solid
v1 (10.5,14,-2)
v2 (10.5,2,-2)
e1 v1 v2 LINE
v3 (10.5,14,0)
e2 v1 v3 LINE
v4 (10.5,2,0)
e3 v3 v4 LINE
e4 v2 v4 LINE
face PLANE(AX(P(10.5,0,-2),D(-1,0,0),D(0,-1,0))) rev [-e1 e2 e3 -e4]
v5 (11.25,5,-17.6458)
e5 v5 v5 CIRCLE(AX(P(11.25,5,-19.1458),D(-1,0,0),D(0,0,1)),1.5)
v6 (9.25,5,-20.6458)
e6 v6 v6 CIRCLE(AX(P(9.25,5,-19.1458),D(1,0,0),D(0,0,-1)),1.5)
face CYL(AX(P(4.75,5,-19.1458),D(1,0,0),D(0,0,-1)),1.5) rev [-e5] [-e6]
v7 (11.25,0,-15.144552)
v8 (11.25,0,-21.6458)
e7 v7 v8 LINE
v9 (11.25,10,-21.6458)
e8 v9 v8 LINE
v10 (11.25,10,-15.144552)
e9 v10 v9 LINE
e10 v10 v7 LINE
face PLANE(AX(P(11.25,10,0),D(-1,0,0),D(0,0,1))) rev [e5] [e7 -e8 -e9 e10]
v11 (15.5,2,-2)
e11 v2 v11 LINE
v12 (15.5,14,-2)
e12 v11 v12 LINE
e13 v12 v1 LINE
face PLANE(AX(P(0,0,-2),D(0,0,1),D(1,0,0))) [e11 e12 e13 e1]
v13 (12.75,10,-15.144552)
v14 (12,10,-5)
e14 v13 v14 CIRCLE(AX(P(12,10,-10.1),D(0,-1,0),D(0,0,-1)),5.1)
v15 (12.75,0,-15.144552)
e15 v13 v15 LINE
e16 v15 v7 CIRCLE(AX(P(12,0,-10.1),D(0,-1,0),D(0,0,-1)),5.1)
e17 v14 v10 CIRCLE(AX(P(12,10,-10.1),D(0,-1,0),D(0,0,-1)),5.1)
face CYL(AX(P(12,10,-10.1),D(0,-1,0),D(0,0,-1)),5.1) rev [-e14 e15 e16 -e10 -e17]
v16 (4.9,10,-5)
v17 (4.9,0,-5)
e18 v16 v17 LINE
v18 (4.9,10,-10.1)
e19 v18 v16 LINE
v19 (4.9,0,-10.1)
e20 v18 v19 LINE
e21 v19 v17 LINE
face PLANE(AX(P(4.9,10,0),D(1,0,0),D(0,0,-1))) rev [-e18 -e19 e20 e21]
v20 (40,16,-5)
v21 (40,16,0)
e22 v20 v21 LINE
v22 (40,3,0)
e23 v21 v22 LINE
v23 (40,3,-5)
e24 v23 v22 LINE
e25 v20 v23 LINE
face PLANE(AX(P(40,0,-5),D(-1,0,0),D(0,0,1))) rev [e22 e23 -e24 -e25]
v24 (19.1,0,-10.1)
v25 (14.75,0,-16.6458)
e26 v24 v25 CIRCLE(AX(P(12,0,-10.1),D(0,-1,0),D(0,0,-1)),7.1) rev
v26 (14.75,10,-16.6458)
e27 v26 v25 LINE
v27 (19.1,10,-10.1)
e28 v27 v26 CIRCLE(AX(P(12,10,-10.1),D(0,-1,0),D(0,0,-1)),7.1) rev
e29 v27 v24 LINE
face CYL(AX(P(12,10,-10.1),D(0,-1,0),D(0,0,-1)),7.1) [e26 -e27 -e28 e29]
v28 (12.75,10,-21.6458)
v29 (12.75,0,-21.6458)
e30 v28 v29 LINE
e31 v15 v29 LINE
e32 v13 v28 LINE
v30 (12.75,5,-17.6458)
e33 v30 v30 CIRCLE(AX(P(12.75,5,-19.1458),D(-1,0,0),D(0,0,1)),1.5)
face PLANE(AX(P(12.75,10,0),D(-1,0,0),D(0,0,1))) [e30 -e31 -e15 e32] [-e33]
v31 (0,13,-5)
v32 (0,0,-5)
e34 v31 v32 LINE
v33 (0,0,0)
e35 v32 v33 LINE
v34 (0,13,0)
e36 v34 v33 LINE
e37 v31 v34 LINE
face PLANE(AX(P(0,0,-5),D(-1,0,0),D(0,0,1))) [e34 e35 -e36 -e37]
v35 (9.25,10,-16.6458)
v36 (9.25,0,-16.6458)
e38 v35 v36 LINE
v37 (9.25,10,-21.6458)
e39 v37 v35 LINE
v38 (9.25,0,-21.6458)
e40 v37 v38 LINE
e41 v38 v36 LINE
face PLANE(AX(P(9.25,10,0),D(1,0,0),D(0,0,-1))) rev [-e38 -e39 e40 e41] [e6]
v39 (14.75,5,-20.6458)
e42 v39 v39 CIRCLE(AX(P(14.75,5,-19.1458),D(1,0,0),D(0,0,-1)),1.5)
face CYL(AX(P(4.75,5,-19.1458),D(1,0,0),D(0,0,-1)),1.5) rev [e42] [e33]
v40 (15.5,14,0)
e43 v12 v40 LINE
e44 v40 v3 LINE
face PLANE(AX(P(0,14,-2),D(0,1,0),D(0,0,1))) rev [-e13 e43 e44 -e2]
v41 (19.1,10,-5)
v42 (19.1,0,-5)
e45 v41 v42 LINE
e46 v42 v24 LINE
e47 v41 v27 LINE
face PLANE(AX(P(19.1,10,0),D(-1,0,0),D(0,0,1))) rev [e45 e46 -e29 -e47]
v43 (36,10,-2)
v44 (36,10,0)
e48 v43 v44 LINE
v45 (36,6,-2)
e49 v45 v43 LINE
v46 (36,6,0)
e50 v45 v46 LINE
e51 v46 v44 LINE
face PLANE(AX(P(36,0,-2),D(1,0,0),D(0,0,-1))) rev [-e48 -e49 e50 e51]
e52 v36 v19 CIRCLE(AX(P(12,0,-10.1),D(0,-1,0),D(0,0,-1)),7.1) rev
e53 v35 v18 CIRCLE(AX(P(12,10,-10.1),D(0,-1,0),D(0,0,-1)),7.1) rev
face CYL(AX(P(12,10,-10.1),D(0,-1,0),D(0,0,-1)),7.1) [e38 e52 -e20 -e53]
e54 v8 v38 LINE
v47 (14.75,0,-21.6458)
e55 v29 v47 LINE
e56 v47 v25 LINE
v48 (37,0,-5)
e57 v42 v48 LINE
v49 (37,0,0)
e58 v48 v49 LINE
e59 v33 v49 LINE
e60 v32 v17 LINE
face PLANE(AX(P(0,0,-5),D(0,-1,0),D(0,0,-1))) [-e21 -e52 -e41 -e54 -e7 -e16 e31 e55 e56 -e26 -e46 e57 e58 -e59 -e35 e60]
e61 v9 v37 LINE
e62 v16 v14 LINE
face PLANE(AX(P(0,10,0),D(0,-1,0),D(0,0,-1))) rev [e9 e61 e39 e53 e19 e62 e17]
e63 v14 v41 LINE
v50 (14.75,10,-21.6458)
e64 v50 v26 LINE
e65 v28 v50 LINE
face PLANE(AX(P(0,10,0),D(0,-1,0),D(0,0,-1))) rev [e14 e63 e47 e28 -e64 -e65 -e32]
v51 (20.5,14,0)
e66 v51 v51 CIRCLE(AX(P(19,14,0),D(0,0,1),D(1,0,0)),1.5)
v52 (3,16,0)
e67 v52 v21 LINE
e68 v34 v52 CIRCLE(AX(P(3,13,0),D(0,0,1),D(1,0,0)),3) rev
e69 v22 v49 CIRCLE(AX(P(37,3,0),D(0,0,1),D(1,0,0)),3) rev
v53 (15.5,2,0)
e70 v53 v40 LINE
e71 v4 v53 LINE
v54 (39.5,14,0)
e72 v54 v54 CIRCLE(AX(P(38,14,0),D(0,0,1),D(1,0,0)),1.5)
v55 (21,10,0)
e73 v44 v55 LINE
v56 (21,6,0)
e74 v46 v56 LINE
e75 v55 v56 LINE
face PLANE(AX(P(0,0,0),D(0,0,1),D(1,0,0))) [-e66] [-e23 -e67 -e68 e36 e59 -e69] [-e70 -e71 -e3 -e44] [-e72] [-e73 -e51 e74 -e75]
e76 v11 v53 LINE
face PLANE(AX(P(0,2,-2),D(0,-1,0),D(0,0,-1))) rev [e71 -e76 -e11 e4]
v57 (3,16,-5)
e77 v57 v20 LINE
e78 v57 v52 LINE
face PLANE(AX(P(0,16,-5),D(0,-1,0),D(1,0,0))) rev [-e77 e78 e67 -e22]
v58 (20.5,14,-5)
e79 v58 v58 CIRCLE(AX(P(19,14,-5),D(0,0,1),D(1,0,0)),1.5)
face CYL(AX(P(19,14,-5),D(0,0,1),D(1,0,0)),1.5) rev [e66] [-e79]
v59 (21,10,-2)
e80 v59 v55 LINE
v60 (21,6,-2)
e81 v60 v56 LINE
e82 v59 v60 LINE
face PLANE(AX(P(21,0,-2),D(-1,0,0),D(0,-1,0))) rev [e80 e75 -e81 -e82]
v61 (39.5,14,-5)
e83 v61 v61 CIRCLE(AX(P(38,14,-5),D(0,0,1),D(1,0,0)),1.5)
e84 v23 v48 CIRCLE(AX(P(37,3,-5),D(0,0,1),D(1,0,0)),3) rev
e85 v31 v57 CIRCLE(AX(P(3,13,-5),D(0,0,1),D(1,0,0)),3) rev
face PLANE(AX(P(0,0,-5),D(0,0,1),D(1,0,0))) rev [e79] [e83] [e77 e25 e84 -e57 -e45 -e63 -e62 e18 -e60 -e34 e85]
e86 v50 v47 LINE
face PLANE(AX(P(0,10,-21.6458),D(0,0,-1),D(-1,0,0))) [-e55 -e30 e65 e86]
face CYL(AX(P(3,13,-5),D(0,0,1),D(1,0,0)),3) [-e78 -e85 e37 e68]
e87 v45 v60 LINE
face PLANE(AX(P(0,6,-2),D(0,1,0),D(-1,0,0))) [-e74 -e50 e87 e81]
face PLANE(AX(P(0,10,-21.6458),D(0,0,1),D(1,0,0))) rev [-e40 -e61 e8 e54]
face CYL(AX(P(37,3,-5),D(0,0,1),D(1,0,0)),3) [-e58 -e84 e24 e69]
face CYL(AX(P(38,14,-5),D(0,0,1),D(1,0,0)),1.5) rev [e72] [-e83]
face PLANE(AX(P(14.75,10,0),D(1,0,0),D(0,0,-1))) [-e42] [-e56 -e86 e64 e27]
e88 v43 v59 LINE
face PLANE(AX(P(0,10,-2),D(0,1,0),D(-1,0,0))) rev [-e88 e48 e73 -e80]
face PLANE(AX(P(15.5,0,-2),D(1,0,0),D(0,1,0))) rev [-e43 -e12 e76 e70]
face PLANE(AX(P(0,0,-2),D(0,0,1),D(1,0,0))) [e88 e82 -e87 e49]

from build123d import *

# Parameters (mm, degrees)
ESBO_O1_R                = 1.5
RESSALTO_EXTRUS_O1_DEPTH = 5
ESBO_O1_3_W              = 5
ESBO_O1_3_H              = 12
ESBO_O1_3_W_2            = 15
ESBO_O1_3_H_2            = 4
CORTE_EXTRUS_O1_DEPTH    = 2
RESSALTO_EXTRUS_O2_DEPTH = 10
ESBO_O3_R                = 1.5
CORTE_EXTRUS_O2_DEPTH    = 10


with BuildPart() as part:
    # Esboço1 → Ressalto-extrusão1 (new body)
    with BuildSketch(Plane.XY):
        with BuildLine():
            Line((40, 16), (3, 16))
            ThreePointArc((3, 16), (0.878679656, 15.121320344), (0, 13))
            Line((0, 13), (0, 0))
            Line((0, 0), (37, 0))
            ThreePointArc((37, 0), (39.121320344, 0.878679656), (40, 3))
            Line((40, 3), (40, 16))
        make_face()
        with Locations((19, 14)):
            Circle(ESBO_O1_R, mode=Mode.SUBTRACT)
        with Locations((38, 14)):
            Circle(ESBO_O1_R, mode=Mode.SUBTRACT)
    extrude(amount=-RESSALTO_EXTRUS_O1_DEPTH)

    # Esboço1<3> → Corte-extrusão1 (cut)
    with BuildSketch(Plane.XY):
        with Locations((13, 8)):
            Rectangle(ESBO_O1_3_W, ESBO_O1_3_H)
        with Locations((28.5, 8)):
            Rectangle(ESBO_O1_3_W_2, ESBO_O1_3_H_2)
    extrude(amount=-CORTE_EXTRUS_O1_DEPTH, mode=Mode.SUBTRACT)

    # Esboço2 → Ressalto-extrusão2 (add)
    with BuildSketch(Plane.XZ):
        with BuildLine():
            Line((19.1, -5), (12.000000019, -5))
            ThreePointArc((12.000000019, -5), (17.086118989, -9.723976561), (12.75, -15.144551516))
            Line((12.75, -15.144551516), (12.75, -21.64580018))
            Line((12.75, -21.64580018), (14.75, -21.64580018))
            Line((14.75, -21.64580018), (14.75, -16.64580018))
            ThreePointArc((14.75, -16.64580018), (17.913332394, -14.029694645), (19.1, -10.1))
            Line((19.1, -10.1), (19.1, -5))
        make_face()
        with BuildLine():
            Line((12.000000019, -5), (4.9, -5))
            Line((4.9, -5), (4.9, -10.1))
            ThreePointArc((4.9, -10.1), (6.086667606, -14.029694645), (9.25, -16.64580018))
            Line((9.25, -16.64580018), (9.25, -21.64580018))
            Line((9.25, -21.64580018), (11.25, -21.64580018))
            Line((11.25, -21.64580018), (11.25, -15.144551516))
            ThreePointArc((11.25, -15.144551516), (6.913881012, -9.723976542), (12.000000019, -5))
        make_face()
    extrude(amount=-RESSALTO_EXTRUS_O2_DEPTH)

    # Esboço3 → Corte-extrusão2 (cut)
    with BuildSketch(Plane(origin=(14.75, 0, 0), x_dir=(0, 0, -1), z_dir=(1, 0, 0))):
        with Locations((19.14580018, 5)):
            Circle(ESBO_O3_R)
    extrude(amount=-CORTE_EXTRUS_O2_DEPTH, mode=Mode.SUBTRACT)


solid = part.part
